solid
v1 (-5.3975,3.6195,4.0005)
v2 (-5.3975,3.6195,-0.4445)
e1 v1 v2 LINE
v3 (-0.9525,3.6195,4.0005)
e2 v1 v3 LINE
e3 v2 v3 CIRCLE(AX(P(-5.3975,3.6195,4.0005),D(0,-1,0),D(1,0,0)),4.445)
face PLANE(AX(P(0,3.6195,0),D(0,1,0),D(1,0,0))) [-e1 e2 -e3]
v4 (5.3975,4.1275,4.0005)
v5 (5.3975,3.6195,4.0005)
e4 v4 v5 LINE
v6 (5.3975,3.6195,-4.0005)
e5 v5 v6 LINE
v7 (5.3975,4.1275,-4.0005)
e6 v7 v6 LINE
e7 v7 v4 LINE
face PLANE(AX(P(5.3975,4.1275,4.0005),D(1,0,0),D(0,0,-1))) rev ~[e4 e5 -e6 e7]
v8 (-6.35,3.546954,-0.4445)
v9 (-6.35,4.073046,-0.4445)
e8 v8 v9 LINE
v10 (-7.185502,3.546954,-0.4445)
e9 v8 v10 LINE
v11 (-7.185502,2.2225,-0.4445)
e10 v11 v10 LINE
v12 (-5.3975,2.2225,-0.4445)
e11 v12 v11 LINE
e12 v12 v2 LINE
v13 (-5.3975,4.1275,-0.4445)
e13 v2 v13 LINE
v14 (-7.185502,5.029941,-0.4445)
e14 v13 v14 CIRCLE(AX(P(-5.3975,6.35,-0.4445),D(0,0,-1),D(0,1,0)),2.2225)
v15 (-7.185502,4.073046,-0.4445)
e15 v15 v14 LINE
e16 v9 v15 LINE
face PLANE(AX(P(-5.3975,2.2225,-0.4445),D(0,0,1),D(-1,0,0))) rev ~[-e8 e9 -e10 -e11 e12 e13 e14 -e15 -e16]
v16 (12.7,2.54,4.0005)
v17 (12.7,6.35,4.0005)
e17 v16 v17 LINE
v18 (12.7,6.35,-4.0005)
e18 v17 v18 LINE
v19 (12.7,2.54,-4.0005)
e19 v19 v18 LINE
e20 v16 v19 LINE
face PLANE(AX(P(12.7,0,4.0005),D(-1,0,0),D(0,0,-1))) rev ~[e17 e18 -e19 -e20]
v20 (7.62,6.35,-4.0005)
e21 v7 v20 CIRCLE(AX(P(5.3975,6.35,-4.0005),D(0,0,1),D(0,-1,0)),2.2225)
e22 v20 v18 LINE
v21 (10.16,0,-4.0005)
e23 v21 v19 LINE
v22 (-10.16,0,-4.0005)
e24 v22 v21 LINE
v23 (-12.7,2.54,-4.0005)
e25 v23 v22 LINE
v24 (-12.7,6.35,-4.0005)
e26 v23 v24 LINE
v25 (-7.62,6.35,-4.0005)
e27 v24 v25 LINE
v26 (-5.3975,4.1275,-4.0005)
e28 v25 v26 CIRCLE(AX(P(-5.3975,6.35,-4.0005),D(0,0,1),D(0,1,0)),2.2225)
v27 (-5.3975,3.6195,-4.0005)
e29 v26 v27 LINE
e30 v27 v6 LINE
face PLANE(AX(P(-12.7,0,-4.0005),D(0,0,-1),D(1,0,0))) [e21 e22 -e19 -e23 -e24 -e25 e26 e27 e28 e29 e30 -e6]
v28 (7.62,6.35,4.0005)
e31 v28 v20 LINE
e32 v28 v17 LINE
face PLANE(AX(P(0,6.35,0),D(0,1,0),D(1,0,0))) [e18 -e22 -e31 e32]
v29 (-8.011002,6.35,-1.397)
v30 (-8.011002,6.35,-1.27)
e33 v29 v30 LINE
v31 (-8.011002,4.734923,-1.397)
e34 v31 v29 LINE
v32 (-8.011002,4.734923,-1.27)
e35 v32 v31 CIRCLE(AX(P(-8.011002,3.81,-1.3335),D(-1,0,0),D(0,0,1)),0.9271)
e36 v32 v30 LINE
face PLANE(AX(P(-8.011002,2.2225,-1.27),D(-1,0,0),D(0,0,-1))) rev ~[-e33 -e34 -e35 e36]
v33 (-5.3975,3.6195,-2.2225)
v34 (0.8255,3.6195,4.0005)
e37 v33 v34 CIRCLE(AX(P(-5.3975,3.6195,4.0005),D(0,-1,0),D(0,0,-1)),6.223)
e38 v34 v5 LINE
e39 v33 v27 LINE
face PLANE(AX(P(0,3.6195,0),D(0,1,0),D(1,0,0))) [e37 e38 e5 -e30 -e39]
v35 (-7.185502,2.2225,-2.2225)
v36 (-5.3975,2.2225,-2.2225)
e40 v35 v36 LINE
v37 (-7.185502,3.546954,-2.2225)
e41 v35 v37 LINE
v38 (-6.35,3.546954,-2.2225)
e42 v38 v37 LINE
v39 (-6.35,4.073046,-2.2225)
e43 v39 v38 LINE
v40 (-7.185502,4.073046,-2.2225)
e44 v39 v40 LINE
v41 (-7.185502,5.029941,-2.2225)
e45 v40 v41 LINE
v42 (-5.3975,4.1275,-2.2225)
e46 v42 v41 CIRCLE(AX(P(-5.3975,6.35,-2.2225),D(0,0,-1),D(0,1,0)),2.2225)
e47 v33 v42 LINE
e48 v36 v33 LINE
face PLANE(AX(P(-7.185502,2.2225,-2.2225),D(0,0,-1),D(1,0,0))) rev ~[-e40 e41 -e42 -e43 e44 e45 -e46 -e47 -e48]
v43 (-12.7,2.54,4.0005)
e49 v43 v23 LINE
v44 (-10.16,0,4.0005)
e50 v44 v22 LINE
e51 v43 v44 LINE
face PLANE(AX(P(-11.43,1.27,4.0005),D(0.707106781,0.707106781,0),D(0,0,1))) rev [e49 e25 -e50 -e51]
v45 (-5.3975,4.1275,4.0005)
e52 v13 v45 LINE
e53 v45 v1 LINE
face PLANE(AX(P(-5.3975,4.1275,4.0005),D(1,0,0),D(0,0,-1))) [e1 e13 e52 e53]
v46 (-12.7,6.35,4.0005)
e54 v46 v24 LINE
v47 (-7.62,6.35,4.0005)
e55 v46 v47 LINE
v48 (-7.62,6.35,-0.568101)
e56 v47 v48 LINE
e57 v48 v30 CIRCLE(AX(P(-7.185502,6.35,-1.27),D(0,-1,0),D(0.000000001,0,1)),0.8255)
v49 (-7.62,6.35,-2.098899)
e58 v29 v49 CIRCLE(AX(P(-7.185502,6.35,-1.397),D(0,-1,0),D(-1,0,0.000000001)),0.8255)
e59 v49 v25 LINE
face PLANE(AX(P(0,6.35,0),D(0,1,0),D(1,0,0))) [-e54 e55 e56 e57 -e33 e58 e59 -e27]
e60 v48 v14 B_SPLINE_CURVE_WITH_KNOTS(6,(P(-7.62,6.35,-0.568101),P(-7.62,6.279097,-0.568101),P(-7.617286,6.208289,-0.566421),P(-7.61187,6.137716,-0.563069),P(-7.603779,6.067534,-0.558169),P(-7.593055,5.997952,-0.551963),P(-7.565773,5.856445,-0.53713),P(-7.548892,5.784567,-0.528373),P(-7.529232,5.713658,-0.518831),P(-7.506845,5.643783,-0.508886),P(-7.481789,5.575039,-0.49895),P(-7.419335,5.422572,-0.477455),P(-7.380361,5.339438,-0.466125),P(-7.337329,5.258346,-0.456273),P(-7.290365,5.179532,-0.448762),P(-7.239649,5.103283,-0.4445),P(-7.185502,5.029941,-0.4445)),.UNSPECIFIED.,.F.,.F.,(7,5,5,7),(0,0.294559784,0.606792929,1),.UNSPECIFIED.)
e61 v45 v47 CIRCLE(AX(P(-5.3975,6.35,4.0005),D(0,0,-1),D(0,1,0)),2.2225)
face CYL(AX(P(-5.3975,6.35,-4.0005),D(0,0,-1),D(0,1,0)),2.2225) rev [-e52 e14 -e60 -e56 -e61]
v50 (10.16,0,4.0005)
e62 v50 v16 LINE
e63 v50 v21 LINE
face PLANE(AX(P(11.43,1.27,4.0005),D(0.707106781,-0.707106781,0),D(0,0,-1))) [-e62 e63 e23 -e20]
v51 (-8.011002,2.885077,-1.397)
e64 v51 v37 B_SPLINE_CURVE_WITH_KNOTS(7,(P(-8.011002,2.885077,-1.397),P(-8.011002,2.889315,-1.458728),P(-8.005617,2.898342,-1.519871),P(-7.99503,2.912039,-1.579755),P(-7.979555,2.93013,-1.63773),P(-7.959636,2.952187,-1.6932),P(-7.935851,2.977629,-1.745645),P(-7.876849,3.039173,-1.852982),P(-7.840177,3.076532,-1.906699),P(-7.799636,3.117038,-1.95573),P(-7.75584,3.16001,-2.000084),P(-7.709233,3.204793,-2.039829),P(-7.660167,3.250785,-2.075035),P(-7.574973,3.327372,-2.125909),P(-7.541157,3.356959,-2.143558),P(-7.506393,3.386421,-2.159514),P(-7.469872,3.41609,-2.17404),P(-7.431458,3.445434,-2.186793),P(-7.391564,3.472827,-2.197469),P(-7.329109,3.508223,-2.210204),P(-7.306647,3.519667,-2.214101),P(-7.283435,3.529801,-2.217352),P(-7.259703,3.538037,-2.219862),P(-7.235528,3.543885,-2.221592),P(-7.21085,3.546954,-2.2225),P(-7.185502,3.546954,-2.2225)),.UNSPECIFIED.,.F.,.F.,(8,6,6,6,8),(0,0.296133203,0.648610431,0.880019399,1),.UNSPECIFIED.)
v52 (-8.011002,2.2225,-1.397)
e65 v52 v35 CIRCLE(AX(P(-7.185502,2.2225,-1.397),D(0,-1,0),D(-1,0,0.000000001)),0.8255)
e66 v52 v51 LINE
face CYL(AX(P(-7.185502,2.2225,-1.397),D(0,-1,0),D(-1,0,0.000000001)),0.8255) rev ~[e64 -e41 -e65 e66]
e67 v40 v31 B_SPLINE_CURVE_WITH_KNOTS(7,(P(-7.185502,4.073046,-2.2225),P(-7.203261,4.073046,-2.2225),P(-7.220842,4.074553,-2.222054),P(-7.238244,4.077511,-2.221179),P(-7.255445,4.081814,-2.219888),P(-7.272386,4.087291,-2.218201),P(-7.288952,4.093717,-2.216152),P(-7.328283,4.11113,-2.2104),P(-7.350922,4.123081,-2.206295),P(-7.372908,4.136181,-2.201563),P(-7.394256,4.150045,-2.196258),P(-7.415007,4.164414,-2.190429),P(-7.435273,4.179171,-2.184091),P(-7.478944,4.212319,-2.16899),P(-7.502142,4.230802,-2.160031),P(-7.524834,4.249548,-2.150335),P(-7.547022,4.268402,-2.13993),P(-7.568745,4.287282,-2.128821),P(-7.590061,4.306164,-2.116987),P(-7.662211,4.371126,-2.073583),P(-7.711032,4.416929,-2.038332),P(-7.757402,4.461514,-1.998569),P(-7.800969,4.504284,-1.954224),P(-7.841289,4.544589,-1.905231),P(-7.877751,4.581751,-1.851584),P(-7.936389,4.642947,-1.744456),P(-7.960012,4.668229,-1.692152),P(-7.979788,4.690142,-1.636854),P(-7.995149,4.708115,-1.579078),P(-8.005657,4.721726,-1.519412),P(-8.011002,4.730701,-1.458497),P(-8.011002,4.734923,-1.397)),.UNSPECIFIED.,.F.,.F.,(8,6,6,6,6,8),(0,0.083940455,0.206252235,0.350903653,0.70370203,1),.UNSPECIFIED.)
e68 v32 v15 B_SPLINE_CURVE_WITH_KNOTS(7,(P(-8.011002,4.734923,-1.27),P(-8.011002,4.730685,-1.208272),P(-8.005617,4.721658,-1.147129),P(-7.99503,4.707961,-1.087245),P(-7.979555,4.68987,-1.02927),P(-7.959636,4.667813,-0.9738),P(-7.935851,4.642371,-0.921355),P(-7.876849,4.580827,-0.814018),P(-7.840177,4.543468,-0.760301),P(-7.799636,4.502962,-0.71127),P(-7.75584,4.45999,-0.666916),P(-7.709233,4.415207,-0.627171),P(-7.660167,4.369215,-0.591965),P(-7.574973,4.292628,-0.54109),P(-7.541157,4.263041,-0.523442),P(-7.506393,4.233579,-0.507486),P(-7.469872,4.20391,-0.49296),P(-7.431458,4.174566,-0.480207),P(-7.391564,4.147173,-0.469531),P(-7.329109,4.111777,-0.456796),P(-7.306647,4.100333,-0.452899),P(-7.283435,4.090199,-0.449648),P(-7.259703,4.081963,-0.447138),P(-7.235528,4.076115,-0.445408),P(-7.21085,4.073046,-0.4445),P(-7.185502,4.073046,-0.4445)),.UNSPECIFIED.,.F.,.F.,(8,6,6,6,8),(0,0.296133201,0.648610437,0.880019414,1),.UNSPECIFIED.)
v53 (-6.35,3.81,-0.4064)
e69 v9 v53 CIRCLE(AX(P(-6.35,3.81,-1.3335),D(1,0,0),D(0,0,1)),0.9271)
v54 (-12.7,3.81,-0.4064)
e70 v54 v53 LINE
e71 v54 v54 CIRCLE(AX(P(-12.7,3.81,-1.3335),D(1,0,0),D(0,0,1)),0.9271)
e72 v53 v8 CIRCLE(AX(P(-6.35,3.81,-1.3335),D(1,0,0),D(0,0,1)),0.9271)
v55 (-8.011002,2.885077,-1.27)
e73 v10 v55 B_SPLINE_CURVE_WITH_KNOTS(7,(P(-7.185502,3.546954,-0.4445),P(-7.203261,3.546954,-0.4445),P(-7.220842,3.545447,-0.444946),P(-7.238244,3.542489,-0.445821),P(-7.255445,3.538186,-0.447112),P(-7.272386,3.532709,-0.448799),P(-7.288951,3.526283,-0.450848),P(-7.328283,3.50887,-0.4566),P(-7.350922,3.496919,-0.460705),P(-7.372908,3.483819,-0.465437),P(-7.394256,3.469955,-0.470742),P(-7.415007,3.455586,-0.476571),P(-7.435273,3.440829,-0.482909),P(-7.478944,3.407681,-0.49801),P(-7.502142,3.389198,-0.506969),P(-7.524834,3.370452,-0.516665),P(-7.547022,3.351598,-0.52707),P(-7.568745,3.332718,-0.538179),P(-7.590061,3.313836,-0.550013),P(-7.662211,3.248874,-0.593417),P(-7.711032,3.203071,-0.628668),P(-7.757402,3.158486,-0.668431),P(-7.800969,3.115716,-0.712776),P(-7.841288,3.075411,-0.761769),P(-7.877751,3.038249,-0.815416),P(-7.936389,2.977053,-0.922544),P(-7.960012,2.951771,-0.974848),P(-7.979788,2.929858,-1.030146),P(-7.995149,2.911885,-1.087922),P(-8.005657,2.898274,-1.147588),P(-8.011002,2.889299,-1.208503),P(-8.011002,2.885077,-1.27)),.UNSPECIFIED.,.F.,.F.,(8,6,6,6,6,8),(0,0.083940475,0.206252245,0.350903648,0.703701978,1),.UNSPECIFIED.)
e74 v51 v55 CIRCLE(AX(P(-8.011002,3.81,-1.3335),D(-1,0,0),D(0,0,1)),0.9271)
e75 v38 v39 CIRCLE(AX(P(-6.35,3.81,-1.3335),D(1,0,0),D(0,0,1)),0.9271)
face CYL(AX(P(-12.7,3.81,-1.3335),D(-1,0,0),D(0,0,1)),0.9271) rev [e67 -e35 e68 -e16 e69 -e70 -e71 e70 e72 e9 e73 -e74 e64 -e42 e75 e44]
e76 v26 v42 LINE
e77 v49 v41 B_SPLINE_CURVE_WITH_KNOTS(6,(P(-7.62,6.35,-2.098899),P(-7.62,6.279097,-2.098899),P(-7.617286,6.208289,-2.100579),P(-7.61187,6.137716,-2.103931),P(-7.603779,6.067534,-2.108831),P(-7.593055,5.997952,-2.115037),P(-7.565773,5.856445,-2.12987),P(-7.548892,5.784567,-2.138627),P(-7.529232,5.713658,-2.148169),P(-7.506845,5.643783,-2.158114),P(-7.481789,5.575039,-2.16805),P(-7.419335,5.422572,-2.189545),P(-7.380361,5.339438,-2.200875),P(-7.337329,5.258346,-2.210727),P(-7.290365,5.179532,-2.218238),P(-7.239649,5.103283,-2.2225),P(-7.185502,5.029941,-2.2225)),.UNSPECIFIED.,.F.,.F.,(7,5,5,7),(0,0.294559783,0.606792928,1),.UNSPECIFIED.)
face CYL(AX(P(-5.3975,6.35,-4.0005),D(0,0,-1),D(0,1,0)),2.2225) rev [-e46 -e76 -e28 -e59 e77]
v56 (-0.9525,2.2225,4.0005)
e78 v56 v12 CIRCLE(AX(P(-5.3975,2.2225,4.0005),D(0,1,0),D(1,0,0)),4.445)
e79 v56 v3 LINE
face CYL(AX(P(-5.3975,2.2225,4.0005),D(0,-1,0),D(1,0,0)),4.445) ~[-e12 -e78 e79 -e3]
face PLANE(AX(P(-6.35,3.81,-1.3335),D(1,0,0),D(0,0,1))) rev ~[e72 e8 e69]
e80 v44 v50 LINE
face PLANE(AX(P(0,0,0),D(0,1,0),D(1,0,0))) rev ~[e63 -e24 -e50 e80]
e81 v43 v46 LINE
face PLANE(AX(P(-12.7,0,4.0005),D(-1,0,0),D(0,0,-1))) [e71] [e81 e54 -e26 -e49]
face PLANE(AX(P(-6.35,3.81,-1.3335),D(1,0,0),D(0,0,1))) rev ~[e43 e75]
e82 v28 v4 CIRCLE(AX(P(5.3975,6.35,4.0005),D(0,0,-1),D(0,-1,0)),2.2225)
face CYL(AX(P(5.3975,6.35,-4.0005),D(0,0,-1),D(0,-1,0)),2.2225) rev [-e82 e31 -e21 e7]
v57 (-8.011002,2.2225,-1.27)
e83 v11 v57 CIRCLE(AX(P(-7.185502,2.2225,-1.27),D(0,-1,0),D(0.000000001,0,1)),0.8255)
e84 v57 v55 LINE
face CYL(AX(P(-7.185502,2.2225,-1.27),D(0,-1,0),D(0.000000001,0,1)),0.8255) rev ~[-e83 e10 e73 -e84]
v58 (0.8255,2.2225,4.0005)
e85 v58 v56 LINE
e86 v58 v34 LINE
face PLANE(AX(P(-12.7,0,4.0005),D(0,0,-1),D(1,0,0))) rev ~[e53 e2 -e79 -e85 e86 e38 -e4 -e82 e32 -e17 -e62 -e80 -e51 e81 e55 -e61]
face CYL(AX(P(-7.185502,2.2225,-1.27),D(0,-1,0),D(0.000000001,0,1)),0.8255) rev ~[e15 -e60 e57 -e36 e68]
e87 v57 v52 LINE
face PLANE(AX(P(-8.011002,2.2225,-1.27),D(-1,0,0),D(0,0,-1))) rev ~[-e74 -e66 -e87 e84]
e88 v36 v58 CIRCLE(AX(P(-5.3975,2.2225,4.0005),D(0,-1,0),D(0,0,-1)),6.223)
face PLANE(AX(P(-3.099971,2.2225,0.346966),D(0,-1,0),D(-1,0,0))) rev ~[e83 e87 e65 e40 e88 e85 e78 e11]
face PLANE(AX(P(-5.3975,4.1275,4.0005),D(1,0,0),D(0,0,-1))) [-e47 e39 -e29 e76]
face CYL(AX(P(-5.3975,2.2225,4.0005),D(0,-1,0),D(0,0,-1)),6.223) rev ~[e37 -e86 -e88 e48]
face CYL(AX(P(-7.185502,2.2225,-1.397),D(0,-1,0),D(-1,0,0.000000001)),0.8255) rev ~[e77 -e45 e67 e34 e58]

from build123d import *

# Parameters (mm, degrees)
SKETCH1_W               = 25.4
SKETCH1_H               = 8.001
BOSS_EXTRUDE1_DEPTH     = 6.35
CUT_EXTRUDE1_DEPTH      = 25.4
CUT_EXTRUDE2_DEPTH      = 14.940238753
CUT_EXTRUDE2_DEPTH_BACK = 1.905
CUT_EXTRUDE3_START      = -25.4
SKETCH5_R               = 0.9271
CUT_EXTRUDE3_DEPTH      = 6.35
SKETCH6_W               = 10.795
SKETCH6_H               = 8.001
CUT_EXTRUDE4_DEPTH      = 0.508
CHAMFER1_SIZE           = 2.54


with BuildPart() as part:
    # Sketch1 → Boss-Extrude1 (new body)
    with BuildSketch(Plane(origin=(0, 0, 0), x_dir=(1, 0, 0), z_dir=(0, 1, 0))):
        Rectangle(SKETCH1_W, SKETCH1_H)
    extrude(amount=BOSS_EXTRUDE1_DEPTH)

    # Sketch2 → Cut-Extrude1 (cut)
    with BuildSketch(Plane(origin=(0, 0, -4.0005), x_dir=(-1, 0, 0), z_dir=(0, 0, -1))):
        with BuildLine():
            Line((5.3975, 4.1275), (-5.3975, 4.1275))
            ThreePointArc((-5.3975, 4.1275), (-7.62, 6.35), (-5.3975, 8.5725))
            Line((-5.3975, 8.5725), (5.3975, 8.5725))
            ThreePointArc((5.3975, 8.5725), (7.62, 6.35), (5.3975, 4.1275))
        make_face()
    extrude(amount=-CUT_EXTRUDE1_DEPTH, mode=Mode.SUBTRACT)

    # Sketch4 → Cut-Extrude2 (cut, two sides: drawn at the far end of the back side and taken through both)
    with BuildSketch(Plane(origin=(0, 4.1275, 0), x_dir=(1, 0, 0), z_dir=(0, 1, 0)).offset(-CUT_EXTRUDE2_DEPTH_BACK)):
        with BuildLine():
            Line((0.8255, -4.0005), (-0.9525, -4.0005))
            ThreePointArc((-0.9525, -4.0005), (-2.254410358, -0.857410358), (-5.3975, 0.4445))
            Line((-5.3975, 0.4445), (-7.185501788, 0.4445))
            ThreePointArc((-7.185501788, 0.4445), (-7.769218436, 0.686283352), (-8.011001788, 1.27))
            Line((-8.011001788, 1.27), (-8.011001788, 1.397))
            ThreePointArc((-8.011001788, 1.397), (-7.769218436, 1.980716648), (-7.185501788, 2.2225))
            Line((-7.185501788, 2.2225), (-5.3975, 2.2225))
            ThreePointArc((-5.3975, 2.2225), (-0.997174501, 0.399825499), (0.8255, -4.0005))
        make_face()
    extrude(amount=CUT_EXTRUDE2_DEPTH + CUT_EXTRUDE2_DEPTH_BACK, mode=Mode.SUBTRACT)

    # Sketch5 → Cut-Extrude3 (cut)
    with BuildSketch(Plane(origin=(12.7, 0, 0), x_dir=(0, 0, -1), z_dir=(1, 0, 0)).offset(CUT_EXTRUDE3_START)):
        with Locations(Location((1.3335, 3.81, 0), (0, 0, 180))):
            Circle(SKETCH5_R)
    extrude(amount=CUT_EXTRUDE3_DEPTH, mode=Mode.SUBTRACT)

    # Sketch6 → Cut-Extrude4 (cut)
    with BuildSketch(Plane(origin=(0, 4.1275, 0), x_dir=(1, 0, 0), z_dir=(0, 1, 0))):
        Rectangle(SKETCH6_W, SKETCH6_H)
    extrude(amount=-CUT_EXTRUDE4_DEPTH, mode=Mode.SUBTRACT)

    # Chamfer1
    chamfer1_edges = [part.edges().sort_by_distance(p)[0] for p in [
        (-12.7, 0, 0),
        (12.7, 0, 0),
    ]]
    chamfer(chamfer1_edges, length=CHAMFER1_SIZE)


solid = part.part
